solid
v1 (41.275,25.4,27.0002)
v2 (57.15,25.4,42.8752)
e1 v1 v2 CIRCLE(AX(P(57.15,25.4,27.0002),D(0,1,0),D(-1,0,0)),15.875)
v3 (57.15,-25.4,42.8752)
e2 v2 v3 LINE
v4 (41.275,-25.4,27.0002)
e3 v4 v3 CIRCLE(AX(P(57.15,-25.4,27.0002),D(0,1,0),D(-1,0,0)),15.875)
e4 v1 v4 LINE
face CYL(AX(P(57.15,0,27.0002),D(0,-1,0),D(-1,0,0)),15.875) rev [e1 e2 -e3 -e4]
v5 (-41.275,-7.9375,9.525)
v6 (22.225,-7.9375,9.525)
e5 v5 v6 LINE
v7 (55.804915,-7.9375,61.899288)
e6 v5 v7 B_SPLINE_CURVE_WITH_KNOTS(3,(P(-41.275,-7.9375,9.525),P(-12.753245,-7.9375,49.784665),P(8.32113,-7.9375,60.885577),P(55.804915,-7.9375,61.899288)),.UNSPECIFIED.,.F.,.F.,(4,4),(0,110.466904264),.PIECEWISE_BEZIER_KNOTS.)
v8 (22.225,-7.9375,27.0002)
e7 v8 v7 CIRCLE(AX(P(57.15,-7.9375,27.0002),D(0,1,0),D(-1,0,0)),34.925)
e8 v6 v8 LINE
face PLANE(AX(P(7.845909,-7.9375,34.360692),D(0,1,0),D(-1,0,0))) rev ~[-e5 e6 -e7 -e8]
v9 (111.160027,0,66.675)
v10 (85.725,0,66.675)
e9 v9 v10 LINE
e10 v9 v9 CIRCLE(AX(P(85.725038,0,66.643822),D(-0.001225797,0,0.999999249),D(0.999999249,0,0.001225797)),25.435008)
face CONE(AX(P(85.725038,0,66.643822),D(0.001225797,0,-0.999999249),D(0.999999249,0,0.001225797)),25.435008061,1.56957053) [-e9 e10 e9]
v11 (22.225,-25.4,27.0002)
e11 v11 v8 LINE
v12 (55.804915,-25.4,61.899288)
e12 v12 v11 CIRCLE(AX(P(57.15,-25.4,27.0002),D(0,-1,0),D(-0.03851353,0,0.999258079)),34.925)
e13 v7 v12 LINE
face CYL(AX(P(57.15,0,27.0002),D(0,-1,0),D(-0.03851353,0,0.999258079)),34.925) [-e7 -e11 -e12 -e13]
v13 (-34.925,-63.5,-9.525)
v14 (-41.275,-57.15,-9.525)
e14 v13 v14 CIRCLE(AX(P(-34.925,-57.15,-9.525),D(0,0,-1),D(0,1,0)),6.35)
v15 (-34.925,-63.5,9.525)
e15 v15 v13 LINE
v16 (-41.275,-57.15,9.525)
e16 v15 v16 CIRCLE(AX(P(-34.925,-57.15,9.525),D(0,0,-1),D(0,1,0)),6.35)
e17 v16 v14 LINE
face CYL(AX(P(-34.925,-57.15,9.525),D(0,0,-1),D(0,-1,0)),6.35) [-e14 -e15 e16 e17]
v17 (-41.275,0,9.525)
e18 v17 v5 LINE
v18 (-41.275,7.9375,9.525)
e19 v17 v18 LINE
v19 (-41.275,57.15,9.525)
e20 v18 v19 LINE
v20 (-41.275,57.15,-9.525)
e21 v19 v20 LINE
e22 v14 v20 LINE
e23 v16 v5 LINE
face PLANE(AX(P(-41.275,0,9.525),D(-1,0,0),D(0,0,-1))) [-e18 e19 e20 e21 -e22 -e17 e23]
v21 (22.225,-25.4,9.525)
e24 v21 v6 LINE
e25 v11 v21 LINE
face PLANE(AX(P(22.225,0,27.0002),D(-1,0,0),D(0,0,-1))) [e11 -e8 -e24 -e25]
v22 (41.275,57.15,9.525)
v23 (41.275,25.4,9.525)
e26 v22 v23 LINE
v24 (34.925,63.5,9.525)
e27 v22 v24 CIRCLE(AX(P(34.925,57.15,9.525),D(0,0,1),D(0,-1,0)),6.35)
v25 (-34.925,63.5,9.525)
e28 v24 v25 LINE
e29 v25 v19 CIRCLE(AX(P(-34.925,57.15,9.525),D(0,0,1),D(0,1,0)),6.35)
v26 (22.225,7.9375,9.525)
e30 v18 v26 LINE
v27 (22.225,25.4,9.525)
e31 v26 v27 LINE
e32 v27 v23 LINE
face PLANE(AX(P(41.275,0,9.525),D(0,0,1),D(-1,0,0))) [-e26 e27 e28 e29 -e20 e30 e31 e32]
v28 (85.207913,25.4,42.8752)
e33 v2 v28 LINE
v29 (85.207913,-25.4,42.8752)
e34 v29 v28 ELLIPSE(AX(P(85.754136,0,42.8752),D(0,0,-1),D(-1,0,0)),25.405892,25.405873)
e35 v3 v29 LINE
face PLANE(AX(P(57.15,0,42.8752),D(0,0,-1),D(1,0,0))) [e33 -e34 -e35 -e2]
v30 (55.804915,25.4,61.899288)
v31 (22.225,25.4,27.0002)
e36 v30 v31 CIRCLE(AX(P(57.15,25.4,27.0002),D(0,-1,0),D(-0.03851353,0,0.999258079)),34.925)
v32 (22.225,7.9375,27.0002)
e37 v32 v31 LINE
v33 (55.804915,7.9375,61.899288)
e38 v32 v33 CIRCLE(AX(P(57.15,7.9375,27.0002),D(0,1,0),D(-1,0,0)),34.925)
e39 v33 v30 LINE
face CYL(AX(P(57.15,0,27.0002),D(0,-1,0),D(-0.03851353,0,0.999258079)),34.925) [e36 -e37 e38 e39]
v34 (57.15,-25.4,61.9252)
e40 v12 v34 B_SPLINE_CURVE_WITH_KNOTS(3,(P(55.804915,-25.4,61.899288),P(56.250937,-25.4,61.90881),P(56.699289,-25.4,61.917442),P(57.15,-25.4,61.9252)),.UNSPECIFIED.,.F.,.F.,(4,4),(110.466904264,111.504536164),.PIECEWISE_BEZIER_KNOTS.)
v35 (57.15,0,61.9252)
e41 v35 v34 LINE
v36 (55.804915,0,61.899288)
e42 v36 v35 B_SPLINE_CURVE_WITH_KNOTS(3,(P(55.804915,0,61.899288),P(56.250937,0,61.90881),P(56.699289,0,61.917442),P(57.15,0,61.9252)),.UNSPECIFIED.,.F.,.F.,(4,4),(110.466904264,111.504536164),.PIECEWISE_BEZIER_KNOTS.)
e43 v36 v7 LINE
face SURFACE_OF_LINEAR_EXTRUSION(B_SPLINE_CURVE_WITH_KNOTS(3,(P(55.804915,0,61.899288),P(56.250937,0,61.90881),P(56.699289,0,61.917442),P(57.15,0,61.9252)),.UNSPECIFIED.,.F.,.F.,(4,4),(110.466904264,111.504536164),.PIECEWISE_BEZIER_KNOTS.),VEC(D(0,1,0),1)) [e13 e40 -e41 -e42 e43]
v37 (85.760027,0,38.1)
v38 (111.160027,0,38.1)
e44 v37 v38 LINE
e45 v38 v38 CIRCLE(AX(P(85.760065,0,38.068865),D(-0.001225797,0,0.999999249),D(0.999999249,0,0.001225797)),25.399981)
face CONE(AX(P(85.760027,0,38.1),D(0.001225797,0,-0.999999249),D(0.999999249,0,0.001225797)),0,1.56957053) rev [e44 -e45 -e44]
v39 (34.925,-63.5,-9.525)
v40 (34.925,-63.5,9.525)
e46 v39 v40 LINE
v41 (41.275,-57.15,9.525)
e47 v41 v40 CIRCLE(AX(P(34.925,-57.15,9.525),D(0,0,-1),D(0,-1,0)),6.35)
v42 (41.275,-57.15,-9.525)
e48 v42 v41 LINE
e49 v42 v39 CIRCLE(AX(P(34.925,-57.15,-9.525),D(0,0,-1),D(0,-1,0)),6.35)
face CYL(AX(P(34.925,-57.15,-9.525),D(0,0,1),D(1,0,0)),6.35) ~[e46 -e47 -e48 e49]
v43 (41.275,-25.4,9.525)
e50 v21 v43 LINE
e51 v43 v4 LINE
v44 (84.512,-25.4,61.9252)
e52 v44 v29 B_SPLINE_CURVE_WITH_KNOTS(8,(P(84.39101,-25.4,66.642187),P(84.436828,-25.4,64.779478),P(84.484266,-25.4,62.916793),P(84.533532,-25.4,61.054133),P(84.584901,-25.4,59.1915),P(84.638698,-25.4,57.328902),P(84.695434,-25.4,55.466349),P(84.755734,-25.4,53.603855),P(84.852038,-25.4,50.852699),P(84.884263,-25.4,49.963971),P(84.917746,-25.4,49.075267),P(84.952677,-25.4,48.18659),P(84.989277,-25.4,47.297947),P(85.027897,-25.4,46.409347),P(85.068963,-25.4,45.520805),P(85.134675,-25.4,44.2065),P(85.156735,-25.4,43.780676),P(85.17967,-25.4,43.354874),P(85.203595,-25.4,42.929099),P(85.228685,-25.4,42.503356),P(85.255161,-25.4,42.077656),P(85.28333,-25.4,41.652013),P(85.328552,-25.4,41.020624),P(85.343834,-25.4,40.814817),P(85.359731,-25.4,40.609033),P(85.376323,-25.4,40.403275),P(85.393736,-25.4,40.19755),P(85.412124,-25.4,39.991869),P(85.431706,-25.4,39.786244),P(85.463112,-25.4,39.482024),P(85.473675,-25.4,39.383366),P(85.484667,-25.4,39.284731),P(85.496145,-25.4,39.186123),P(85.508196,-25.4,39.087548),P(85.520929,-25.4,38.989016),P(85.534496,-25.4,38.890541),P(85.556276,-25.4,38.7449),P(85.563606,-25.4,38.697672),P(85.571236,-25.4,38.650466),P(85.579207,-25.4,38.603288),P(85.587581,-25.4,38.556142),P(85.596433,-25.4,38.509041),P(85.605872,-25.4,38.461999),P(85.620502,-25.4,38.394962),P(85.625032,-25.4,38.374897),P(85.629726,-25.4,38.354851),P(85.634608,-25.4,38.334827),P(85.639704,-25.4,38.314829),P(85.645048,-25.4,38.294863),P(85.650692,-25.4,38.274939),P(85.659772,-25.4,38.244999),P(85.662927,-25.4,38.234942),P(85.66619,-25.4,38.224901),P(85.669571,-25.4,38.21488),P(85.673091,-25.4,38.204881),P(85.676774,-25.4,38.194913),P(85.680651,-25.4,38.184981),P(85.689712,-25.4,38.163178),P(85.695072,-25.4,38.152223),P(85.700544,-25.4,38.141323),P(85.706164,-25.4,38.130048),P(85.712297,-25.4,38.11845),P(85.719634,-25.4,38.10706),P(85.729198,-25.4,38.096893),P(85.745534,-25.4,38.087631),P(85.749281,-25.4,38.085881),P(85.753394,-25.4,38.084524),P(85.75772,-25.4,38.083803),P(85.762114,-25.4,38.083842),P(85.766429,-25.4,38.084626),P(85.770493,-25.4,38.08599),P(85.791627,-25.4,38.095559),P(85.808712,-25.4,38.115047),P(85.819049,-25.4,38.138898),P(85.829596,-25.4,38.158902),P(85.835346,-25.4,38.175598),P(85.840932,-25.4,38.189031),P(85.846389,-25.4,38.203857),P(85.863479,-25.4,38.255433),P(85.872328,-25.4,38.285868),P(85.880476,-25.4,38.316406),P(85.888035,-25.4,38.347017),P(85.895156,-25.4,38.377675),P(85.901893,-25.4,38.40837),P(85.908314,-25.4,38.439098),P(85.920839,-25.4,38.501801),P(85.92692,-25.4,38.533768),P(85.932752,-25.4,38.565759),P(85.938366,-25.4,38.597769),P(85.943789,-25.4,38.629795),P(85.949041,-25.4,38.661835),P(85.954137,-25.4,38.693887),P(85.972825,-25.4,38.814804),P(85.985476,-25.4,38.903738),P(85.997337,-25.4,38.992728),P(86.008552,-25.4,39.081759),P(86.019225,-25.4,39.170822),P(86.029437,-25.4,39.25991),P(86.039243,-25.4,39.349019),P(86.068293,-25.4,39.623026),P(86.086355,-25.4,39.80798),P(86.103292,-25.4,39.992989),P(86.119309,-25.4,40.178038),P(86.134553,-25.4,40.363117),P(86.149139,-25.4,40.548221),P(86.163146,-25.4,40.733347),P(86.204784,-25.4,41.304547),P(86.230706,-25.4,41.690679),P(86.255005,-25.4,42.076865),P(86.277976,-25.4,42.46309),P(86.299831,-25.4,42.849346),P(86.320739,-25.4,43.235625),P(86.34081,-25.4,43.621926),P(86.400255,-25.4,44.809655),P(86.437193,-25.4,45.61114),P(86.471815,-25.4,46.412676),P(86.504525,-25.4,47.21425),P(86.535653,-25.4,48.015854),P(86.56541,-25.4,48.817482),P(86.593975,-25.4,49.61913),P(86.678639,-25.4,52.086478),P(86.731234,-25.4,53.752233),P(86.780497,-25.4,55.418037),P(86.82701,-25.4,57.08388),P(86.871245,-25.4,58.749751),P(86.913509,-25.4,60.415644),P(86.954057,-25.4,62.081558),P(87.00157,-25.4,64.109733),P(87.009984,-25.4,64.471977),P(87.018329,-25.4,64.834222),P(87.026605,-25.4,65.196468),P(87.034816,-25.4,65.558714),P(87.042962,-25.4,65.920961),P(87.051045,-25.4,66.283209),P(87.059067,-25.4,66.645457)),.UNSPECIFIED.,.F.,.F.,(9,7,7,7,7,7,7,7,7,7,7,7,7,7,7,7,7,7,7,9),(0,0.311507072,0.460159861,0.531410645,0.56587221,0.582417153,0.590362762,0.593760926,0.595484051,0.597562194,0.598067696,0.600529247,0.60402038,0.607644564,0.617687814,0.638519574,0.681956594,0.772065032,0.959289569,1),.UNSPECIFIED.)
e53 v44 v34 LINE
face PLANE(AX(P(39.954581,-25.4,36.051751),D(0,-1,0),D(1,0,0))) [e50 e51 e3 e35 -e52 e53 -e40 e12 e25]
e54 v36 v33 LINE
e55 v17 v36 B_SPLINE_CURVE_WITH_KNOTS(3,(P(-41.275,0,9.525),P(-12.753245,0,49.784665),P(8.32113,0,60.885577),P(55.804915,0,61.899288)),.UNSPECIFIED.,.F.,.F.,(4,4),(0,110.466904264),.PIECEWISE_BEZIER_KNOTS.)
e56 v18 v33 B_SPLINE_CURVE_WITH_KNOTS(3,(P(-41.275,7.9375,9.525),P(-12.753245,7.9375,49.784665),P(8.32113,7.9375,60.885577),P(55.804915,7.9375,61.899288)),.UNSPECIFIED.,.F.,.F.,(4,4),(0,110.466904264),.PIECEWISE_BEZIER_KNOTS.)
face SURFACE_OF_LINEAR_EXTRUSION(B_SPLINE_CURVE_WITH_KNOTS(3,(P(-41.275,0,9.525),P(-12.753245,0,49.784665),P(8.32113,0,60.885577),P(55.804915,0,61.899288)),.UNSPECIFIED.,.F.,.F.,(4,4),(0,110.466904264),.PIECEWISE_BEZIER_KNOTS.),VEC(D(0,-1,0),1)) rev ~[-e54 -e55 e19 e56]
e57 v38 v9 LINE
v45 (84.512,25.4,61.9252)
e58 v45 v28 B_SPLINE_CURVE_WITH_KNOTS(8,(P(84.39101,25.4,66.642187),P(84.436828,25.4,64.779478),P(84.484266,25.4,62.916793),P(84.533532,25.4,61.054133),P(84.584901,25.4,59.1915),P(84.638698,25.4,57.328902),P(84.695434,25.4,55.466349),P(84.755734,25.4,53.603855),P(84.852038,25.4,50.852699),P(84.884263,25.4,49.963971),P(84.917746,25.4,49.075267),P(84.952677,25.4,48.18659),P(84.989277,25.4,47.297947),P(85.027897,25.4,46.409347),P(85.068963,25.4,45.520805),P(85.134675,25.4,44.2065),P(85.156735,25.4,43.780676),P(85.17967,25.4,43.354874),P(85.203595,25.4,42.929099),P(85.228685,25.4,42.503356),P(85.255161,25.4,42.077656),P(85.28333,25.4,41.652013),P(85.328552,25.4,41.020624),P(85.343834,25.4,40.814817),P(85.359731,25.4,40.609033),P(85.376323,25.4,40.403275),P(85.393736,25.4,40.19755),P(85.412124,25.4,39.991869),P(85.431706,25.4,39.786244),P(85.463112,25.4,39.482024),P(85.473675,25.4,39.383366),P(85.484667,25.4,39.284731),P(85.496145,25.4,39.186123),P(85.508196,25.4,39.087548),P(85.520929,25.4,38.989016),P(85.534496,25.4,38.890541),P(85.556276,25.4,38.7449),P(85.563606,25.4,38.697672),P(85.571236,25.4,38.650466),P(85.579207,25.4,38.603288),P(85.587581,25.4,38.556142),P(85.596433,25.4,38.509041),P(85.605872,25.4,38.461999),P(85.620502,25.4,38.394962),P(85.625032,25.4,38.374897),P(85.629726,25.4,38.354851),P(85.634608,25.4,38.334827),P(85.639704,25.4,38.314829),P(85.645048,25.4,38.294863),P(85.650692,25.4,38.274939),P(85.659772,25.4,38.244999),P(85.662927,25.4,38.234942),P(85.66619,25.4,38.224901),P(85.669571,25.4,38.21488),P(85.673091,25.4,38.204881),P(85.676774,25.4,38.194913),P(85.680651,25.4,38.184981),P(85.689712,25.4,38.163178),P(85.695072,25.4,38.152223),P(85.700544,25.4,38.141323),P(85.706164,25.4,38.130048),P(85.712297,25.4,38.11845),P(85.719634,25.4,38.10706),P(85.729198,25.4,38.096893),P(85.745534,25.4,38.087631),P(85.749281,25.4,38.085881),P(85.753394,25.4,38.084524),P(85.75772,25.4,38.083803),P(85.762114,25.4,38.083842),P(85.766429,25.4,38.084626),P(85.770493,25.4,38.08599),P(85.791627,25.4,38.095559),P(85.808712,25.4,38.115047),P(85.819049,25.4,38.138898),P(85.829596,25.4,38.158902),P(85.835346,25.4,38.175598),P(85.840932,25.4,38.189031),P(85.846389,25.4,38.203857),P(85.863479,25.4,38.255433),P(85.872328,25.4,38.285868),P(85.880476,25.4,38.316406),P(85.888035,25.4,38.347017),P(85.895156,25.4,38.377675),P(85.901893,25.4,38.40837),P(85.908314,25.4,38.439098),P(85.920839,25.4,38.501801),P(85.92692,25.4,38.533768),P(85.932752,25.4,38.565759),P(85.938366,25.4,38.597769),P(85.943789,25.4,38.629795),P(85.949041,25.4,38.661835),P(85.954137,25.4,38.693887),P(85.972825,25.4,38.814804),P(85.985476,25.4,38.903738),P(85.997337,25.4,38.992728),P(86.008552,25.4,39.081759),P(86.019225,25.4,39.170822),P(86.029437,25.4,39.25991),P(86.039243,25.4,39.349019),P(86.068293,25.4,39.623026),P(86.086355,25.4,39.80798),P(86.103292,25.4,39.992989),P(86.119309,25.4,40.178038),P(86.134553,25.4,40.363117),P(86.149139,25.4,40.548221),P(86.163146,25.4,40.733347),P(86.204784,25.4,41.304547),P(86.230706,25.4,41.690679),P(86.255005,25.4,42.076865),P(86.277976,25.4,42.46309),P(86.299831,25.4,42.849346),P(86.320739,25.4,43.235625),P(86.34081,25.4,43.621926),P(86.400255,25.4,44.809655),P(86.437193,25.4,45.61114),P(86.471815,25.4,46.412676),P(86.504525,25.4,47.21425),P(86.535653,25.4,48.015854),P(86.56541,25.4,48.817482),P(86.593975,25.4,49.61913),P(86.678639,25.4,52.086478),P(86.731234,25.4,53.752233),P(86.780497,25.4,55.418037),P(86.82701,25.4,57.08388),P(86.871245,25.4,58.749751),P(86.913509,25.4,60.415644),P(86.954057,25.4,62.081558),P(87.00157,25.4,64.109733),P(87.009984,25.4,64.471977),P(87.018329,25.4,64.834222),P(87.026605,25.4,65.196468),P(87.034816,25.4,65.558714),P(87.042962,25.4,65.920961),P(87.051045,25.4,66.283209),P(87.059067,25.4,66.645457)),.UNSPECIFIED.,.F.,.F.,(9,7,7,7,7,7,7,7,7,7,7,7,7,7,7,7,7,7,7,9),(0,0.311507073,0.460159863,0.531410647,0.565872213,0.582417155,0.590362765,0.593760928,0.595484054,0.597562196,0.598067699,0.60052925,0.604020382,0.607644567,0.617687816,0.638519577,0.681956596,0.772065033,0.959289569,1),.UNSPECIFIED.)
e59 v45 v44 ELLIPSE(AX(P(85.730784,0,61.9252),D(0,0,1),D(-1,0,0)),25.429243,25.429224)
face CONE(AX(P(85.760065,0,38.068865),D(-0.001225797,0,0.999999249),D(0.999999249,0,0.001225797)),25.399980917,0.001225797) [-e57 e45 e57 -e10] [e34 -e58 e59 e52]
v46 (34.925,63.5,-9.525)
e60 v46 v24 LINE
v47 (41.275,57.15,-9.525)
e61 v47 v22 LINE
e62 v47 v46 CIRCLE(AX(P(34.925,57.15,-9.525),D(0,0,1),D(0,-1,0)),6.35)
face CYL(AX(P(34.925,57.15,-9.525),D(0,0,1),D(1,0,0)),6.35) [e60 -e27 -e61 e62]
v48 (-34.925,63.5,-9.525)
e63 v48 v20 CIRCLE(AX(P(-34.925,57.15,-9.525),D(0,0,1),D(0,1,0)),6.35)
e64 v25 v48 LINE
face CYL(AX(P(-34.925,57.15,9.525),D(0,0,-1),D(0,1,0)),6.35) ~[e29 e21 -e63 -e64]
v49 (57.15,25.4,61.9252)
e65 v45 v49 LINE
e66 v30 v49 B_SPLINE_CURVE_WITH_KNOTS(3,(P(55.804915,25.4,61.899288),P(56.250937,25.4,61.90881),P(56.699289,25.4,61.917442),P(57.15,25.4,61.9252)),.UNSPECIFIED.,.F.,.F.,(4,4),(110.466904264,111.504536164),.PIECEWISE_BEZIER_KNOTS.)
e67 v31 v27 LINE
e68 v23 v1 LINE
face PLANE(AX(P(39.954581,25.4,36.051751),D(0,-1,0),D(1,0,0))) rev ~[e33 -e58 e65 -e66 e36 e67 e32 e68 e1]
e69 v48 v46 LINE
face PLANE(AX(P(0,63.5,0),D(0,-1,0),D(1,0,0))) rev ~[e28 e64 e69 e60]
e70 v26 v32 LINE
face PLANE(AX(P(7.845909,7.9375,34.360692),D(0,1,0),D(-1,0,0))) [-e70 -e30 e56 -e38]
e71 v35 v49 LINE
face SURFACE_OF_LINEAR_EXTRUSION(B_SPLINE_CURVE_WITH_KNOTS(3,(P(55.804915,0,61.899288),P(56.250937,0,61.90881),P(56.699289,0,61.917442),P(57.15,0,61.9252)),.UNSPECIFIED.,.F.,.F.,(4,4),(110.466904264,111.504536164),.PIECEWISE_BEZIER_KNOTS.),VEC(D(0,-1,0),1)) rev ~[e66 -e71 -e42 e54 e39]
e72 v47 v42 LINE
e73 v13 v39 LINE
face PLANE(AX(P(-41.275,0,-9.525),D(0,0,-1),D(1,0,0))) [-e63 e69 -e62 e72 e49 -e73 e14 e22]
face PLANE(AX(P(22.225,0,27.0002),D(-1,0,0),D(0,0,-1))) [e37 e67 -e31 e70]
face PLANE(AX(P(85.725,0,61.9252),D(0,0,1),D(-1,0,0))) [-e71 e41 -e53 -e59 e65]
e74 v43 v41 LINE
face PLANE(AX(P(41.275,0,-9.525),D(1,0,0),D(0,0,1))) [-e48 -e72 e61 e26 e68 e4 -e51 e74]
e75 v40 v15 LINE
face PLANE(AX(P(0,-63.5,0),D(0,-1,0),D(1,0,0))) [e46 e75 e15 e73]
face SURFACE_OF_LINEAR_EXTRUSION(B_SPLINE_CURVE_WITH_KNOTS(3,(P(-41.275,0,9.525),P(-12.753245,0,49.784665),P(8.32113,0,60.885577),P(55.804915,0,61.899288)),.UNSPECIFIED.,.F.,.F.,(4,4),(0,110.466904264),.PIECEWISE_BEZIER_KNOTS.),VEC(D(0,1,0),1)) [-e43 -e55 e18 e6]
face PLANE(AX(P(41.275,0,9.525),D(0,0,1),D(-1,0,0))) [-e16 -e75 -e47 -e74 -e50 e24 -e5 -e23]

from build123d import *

# Parameters (mm, degrees)
F1_DEPTH = 63.5
F0_W     = 25.3649728298
F0_H     = 19.05
F2_DEPTH = 25.4
F3_DEPTH = 7.9375
F5_R     = 6.35


with BuildPart() as f1:
    # F0 (on Front) → F1 (new body, symmetric)
    with BuildSketch(Plane.XZ):
        Polygon((-41.275, -9.525), (41.275, -9.525), (41.275, 9.525), (22.225, 9.525), (-41.275, 9.525), align=None)
    extrude(amount=F1_DEPTH, both=True)

    # F0 (on Front) → F2 (join, symmetric)
    with BuildSketch(Plane.XZ):
        with BuildLine():
            Line((22.225, 9.525), (41.275, 9.525))
            Line((41.275, 9.525), (41.275, 27.0002))
            ThreePointArc((41.275, 27.0002), (45.9246798487, 38.2255201513), (57.15, 42.8752))
            Line((57.15, 42.8752), (60.3600271702, 42.8752))
            Line((60.3600271702, 42.8752), (60.3600271702, 61.9252))
            Line((60.3600271702, 61.9252), (57.15, 61.9252))
            add(Edge.make_bspline(
                [(55.8049149759, 61.8992884018), (56.250937163, 61.9088103387), (56.6992894846, 61.9174422694), (57.15, 61.9252)],
                knots=[110.4669042638, 110.4669042638, 110.4669042638, 110.4669042638, 111.5045361635, 111.5045361635, 111.5045361635, 111.5045361635], degree=3))
            ThreePointArc((55.8049149759, 61.8992884018), (31.9832290563, 51.215675739), (22.225, 27.0002))
            Line((22.225, 27.0002), (22.225, 9.525))
        make_face()
        with Locations((73.0425135851, 52.4002)):
            Rectangle(F0_W, F0_H)
    extrude(amount=F2_DEPTH, both=True)

    # F0 (on Front) → F3 (join, symmetric)
    with BuildSketch(Plane.XZ):
        with BuildLine():
            add(Edge.make_bspline(
                [(-41.275, 9.525), (-12.7532446295, 49.7846645012), (8.3211297732, 60.8855773876), (55.8049149759, 61.8992884018)],
                knots=[0, 0, 0, 0, 110.4669042638, 110.4669042638, 110.4669042638, 110.4669042638], degree=3))
            Line((-41.275, 9.525), (22.225, 9.525))
            Line((22.225, 9.525), (22.225, 27.0002))
            ThreePointArc((22.225, 27.0002), (31.9832290563, 51.215675739), (55.8049149759, 61.8992884018))
        make_face()
    extrude(amount=F3_DEPTH, both=True)

    # F0 (on Front) → F4 (revolve)
    with BuildSketch(Plane.XZ):
        Polygon((85.725, 66.675), (85.7600271702, 38.1), (111.1600271702, 38.1), (111.1600271702, 66.675), align=None)
    revolve(axis=Axis((85.7425135851, 0, 52.3875), (-0.0012257968, 0, 0.9999992487)))

    # F5
    f5_edges = [f1.edges().sort_by_distance(p)[0] for p in [
        (-41.275, -63.5, 0),
        (41.275, -63.5, 0),
        (41.275, 63.5, 0),
        (-41.275, 63.5, 0),
    ]]
    fillet(f5_edges, radius=F5_R)


solid = f1.part
